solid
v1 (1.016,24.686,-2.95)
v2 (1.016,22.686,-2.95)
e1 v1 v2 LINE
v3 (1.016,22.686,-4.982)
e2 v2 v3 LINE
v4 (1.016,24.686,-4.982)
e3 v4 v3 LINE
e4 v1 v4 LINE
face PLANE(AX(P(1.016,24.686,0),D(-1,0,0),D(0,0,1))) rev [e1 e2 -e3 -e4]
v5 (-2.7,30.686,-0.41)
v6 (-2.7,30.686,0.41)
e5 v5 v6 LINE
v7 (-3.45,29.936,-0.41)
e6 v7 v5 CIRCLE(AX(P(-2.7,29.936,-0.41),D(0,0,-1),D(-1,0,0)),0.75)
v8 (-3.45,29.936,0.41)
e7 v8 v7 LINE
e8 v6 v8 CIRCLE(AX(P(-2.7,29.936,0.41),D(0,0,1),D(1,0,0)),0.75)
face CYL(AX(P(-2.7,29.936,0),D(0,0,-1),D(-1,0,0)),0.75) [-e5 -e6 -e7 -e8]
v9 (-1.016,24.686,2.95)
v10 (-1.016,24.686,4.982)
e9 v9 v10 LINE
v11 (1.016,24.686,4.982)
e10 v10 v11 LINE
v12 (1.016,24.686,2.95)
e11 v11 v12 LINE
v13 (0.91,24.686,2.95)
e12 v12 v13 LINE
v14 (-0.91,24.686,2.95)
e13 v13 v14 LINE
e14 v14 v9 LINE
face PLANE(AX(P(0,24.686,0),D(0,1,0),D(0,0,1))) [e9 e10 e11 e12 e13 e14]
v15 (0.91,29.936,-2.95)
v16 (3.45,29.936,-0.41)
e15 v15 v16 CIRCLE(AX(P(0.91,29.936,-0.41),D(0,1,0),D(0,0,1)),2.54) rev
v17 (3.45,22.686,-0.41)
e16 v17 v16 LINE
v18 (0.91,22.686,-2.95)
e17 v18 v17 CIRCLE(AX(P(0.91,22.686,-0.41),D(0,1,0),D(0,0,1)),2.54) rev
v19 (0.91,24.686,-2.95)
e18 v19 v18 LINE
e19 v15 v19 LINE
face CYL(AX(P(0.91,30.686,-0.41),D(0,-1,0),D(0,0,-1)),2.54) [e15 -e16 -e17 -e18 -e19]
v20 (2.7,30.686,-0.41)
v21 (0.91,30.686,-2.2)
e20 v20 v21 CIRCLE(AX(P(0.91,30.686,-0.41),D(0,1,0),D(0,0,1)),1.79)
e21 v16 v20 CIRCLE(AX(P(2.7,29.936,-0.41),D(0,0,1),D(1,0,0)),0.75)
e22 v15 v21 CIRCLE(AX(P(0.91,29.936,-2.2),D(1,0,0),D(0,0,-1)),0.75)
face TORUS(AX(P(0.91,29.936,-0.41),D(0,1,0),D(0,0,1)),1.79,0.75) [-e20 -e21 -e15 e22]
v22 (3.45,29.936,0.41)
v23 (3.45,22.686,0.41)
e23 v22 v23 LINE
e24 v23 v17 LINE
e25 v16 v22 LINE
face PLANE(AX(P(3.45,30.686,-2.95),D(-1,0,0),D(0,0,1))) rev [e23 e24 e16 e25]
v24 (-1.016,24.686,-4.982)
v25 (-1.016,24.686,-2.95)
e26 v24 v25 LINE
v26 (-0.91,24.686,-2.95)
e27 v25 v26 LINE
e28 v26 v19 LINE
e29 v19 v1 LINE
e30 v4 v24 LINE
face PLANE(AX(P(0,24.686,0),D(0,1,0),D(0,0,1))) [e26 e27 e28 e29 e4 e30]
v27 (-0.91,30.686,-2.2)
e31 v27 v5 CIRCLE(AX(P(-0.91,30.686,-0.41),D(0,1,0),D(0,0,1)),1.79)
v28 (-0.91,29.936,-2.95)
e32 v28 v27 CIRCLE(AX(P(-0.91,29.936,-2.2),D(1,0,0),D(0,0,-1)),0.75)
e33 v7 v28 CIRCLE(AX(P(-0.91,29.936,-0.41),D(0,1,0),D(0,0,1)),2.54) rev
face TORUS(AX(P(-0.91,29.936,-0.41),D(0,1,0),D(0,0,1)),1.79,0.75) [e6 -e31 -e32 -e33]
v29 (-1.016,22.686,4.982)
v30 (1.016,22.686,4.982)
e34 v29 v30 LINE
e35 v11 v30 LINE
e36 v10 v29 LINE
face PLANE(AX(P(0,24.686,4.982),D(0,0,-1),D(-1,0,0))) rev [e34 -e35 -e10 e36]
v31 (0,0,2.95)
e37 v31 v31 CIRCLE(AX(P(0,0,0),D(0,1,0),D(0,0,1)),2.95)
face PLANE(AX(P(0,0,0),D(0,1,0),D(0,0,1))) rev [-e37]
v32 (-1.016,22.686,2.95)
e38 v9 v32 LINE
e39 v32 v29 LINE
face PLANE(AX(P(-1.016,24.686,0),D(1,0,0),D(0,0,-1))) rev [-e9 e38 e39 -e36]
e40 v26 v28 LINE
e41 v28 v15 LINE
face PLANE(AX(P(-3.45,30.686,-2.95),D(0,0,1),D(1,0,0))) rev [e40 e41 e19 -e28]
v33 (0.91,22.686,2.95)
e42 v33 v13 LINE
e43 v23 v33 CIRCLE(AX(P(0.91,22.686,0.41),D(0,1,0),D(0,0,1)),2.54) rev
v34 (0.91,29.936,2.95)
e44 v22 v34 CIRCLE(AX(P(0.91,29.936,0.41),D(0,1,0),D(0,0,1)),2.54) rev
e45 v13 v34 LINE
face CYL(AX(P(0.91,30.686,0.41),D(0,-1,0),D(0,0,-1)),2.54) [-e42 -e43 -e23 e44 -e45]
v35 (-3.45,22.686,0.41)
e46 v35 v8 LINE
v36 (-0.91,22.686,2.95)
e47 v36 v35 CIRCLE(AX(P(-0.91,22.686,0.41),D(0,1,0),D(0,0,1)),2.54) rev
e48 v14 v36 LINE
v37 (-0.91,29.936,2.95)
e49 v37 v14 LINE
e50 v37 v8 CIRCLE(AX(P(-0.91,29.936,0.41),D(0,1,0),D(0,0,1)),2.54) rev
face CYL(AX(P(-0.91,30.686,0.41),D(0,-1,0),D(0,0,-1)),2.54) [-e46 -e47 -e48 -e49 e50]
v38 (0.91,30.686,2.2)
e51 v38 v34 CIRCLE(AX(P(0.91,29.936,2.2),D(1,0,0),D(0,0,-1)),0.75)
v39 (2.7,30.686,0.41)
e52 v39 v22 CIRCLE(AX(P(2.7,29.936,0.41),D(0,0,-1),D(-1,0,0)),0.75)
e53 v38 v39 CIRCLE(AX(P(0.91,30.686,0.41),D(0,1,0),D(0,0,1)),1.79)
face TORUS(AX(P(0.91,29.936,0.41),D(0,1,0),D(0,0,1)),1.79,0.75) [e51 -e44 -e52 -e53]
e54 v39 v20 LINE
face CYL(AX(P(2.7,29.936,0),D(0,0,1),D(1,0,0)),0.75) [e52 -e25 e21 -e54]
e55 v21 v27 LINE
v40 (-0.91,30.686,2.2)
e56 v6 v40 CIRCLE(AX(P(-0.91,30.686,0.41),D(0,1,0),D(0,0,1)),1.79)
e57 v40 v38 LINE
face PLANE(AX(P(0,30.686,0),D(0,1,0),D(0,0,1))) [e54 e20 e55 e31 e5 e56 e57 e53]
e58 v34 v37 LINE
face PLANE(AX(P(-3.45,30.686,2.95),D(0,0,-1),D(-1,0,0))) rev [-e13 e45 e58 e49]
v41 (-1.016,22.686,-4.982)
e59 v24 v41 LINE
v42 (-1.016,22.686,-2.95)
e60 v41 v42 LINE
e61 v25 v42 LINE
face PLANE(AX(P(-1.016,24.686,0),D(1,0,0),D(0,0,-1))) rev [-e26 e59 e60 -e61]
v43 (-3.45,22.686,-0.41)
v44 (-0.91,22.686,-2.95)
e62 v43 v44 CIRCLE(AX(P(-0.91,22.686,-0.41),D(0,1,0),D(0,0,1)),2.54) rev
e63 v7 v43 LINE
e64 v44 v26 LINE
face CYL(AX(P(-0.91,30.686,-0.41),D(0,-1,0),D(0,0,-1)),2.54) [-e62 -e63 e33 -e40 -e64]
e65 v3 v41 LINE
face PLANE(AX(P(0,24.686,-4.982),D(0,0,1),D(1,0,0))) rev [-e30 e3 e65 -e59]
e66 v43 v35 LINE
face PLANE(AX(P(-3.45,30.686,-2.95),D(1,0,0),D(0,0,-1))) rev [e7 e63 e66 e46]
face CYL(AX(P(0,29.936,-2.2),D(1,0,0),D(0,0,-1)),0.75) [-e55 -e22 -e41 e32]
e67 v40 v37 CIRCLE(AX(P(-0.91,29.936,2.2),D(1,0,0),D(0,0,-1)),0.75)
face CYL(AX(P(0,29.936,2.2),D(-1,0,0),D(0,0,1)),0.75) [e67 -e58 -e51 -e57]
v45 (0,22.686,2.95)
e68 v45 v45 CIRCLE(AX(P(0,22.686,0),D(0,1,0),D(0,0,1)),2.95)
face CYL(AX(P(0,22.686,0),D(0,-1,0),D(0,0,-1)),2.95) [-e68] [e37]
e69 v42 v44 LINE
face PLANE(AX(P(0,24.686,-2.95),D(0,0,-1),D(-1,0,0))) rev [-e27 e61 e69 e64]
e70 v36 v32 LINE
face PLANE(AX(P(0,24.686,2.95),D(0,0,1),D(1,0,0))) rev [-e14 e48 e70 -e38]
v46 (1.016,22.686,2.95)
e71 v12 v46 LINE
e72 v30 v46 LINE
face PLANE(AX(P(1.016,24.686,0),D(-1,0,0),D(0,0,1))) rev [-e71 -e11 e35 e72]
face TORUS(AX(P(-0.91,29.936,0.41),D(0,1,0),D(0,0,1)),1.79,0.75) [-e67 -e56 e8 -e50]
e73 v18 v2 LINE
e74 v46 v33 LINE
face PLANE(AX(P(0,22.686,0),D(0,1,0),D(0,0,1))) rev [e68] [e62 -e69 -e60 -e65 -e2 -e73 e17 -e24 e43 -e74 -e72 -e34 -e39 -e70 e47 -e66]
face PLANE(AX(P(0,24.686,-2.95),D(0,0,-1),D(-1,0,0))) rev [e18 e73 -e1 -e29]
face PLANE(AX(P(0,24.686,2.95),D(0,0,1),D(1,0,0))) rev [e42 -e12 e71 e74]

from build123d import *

# Parameters (mm, degrees)
SKETCH1_R           = 2.95
BOSS_EXTRUDE1_DEPTH = 22.686
SKETCH3_W           = 6.9
SKETCH3_H           = 5.9
BOSS_EXTRUDE2_DEPTH = 8
FILLET1_R           = 2.54
FILLET2_R           = 0.75
BOSS_EXTRUDE3_START = -8
SKETCH4_W           = 2.032
SKETCH4_H           = 2.032
BOSS_EXTRUDE3_DEPTH = 2


with BuildPart() as part:
    # Sketch1 → Boss-Extrude1 (new body)
    with BuildSketch(Plane(origin=(0, 0, 0), x_dir=(1, 0, 0), z_dir=(0, 1, 0))):
        Circle(SKETCH1_R)
    extrude(amount=BOSS_EXTRUDE1_DEPTH)

    # Sketch3 → Boss-Extrude2 (add)
    with BuildSketch(Plane(origin=(0, 22.686, 0), x_dir=(1, 0, 0), z_dir=(0, 1, 0))):
        Rectangle(SKETCH3_W, SKETCH3_H)
    extrude(amount=BOSS_EXTRUDE2_DEPTH)

    # Fillet1
    fillet1_edges = [part.edges().sort_by_distance(p)[0] for p in [
        (3.45, 26.686, 2.95),
        (3.45, 26.686, -2.95),
        (-3.45, 26.686, -2.95),
        (-3.45, 26.686, 2.95),
    ]]
    fillet(fillet1_edges, radius=FILLET1_R)

    # Fillet2
    fillet2_edges = [part.edges().sort_by_distance(p)[0] for p in [
        (-3.45, 30.686, 0),
        (0, 30.686, -2.95),
        (3.45, 30.686, 0),
        (0, 30.686, 2.95),
        (-2.706051224, 30.686, 2.206051224),
        (2.706051224, 30.686, 2.206051224),
        (2.706051224, 30.686, -2.206051224),
        (-2.706051224, 30.686, -2.206051224),
    ]]
    fillet(fillet2_edges, radius=FILLET2_R)

    # Sketch4 → Boss-Extrude3 (add)
    with BuildSketch(Plane(origin=(0, 30.686, 0), x_dir=(1, 0, 0), z_dir=(0, 1, 0)).offset(BOSS_EXTRUDE3_START)):
        with Locations((0, 3.966)):
            Rectangle(SKETCH4_W, SKETCH4_H)
        with Locations((0, -3.966)):
            Rectangle(SKETCH4_W, SKETCH4_H)
    extrude(amount=BOSS_EXTRUDE3_DEPTH)


solid = part.part
